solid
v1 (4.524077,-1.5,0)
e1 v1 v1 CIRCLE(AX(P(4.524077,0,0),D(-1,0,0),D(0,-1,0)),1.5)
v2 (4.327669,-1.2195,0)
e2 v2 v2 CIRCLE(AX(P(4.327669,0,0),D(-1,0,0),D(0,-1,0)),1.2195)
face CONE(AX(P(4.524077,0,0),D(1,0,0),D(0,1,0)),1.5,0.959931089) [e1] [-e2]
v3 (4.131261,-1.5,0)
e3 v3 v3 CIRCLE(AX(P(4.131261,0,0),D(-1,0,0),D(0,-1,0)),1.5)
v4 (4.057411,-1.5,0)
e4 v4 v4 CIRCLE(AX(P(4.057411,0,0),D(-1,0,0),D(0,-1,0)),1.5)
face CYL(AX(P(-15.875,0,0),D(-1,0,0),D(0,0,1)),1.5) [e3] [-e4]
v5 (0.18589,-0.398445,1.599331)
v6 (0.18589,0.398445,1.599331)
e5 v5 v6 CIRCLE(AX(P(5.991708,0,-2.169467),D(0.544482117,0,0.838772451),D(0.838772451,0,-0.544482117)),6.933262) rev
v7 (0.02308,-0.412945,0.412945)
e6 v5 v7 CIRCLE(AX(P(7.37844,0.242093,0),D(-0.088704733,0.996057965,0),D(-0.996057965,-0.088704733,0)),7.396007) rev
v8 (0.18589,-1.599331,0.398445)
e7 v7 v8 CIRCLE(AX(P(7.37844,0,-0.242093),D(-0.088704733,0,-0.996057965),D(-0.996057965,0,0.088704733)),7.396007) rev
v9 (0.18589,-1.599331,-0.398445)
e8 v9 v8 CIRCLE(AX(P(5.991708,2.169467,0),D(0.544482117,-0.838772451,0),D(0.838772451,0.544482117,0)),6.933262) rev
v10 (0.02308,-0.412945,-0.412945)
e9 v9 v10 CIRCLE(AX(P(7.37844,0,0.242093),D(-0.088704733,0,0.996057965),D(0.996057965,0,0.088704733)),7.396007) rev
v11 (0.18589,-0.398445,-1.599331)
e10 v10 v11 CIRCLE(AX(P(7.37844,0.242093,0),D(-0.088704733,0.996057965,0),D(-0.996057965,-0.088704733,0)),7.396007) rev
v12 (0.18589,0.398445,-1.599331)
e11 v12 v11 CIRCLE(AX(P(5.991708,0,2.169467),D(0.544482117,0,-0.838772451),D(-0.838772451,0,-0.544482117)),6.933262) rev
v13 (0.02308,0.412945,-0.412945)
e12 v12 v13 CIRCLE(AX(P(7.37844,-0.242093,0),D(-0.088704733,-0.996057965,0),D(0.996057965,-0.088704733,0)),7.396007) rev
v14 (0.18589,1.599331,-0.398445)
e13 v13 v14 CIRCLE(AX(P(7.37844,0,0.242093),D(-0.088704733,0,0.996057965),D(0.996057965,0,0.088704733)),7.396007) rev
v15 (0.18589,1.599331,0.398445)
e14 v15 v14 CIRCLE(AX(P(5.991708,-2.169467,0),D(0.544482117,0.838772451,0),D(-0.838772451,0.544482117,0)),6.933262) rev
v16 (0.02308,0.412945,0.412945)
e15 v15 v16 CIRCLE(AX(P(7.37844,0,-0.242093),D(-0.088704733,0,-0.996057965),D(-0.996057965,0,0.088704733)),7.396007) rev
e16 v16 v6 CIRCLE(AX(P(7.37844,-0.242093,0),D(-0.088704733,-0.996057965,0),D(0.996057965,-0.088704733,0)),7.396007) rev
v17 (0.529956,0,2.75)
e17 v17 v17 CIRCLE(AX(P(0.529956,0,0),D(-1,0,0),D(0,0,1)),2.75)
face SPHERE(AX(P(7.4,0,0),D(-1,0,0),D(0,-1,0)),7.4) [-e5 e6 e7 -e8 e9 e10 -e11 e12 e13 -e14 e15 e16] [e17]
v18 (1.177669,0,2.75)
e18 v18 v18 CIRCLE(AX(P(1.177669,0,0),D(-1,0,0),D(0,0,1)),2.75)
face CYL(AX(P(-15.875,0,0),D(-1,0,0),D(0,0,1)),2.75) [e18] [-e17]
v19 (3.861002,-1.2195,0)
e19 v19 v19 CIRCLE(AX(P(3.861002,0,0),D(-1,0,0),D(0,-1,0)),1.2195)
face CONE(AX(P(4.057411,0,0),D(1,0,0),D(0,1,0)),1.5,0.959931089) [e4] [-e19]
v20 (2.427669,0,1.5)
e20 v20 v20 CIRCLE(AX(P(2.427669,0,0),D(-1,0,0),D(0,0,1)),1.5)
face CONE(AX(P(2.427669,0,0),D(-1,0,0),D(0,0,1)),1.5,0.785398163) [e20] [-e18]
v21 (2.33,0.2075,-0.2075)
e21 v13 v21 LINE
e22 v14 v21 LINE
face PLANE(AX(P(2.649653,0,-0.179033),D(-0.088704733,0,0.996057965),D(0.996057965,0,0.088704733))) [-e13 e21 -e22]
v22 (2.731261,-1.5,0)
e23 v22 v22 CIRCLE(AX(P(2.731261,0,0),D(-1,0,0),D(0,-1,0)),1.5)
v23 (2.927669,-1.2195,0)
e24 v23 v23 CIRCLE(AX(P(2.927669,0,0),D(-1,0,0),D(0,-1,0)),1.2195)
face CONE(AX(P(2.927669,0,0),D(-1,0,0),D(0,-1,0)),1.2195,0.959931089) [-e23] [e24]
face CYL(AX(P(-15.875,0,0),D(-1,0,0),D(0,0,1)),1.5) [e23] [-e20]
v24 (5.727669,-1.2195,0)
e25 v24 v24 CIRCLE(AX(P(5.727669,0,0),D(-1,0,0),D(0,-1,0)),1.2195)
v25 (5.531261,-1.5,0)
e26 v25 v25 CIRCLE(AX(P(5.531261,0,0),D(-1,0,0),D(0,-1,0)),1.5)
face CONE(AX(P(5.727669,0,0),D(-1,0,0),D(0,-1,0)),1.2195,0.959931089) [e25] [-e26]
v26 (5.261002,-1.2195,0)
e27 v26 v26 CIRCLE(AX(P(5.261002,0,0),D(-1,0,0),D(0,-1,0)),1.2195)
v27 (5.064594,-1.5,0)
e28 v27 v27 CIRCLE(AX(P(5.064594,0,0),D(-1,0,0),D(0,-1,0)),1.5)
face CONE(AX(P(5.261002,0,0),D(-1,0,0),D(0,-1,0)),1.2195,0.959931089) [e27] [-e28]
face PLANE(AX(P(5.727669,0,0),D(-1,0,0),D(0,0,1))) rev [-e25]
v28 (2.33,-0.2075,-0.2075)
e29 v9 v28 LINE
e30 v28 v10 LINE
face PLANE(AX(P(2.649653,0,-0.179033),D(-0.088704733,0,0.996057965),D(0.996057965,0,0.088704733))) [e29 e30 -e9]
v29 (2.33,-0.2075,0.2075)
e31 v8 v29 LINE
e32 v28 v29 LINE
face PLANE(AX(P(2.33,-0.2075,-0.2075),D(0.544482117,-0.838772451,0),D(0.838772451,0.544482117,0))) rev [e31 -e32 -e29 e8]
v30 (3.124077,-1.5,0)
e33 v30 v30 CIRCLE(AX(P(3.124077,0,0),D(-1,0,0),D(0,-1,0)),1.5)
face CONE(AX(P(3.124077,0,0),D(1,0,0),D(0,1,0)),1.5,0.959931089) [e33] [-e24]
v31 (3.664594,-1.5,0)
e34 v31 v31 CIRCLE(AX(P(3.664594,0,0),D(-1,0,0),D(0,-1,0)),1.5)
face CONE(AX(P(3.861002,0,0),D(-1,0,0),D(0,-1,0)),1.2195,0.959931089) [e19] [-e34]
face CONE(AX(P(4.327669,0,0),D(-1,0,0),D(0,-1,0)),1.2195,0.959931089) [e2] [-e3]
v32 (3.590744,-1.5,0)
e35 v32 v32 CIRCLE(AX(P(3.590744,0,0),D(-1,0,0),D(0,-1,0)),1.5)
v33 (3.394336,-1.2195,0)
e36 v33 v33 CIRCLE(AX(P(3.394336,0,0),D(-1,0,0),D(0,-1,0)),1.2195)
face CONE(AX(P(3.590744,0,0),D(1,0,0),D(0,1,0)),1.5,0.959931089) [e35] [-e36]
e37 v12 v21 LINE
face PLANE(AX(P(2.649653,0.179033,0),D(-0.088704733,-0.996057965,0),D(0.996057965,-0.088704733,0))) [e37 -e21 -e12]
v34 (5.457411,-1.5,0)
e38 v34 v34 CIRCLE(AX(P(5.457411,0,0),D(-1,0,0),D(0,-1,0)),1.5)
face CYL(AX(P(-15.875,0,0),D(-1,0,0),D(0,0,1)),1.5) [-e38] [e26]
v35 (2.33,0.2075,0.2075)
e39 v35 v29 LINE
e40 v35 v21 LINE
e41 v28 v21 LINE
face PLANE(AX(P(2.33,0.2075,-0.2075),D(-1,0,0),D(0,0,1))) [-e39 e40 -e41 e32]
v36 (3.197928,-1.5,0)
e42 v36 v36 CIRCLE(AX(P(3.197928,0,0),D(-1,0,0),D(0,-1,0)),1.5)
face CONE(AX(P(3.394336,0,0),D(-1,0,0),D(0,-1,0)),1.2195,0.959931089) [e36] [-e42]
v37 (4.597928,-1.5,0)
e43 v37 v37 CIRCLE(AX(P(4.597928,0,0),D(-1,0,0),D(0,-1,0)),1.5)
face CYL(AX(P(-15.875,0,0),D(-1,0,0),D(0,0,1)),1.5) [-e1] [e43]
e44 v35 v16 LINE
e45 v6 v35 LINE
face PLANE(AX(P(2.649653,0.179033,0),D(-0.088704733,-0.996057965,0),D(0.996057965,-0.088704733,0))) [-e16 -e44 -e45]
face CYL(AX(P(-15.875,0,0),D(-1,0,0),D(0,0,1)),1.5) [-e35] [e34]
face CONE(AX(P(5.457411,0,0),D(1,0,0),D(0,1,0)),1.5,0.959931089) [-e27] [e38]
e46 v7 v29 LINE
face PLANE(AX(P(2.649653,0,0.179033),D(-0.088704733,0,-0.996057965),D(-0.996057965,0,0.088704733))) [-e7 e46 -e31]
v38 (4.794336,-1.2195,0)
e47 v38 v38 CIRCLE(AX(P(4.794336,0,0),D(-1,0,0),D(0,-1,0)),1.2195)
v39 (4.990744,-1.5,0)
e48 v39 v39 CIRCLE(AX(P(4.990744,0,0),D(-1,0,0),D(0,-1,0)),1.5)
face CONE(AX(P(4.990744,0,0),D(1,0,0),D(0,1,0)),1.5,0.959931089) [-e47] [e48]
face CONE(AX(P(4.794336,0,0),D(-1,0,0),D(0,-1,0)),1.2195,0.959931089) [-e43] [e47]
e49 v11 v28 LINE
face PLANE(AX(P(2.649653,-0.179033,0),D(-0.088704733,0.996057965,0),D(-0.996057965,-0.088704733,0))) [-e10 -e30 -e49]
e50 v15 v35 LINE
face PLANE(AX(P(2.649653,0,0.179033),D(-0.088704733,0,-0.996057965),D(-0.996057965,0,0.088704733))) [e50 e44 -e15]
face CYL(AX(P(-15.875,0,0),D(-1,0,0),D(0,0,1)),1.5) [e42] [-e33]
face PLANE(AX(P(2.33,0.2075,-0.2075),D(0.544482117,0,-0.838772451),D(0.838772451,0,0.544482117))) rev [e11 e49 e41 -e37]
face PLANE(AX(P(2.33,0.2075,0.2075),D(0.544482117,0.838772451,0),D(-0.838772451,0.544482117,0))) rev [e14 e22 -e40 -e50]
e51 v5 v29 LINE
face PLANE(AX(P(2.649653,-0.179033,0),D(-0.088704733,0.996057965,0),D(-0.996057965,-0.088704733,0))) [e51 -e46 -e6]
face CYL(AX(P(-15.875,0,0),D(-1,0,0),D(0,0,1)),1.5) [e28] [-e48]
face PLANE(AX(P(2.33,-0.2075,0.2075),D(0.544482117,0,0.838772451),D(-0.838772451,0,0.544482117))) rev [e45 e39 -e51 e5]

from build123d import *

# Parameters (mm, degrees)
CIRPATTERN1_COUNT = 2
CIRPATTERN1_ANGLE = 90
THDSCHPAT_COUNT   = 7
THDSCHPAT_PITCH   = 0.466666667


with BuildPart() as part:
    # BodySke → Base-Revolve (revolve)
    with BuildSketch(Plane.XY, mode=Mode.PRIVATE) as base_revolve_sk:
        with BuildLine():
            Line((0, 0), (5.727669073, 0))
            Line((5.727669073, 0), (5.727669073, 1.5))
            Line((5.727669073, 1.5), (2.427669073, 1.5))
            Line((2.427669073, 1.5), (1.177669073, 2.75))
            Line((1.177669073, 2.75), (0.529956332, 2.75))
            ThreePointArc((0.529956332, 2.75), (0.133696843, 1.400299407), (0, 0))
        make_face()
    revolve(base_revolve_sk.sketch.rotate(Axis((-15.875, 0, 0), (1, 0, 0)), 90), axis=Axis((-15.875, 0, 0), (1, 0, 0)))

    # Sketch3 → Cross section 0
    with BuildSketch(Plane(origin=(0, 0, 0), x_dir=(0, 0, -1), z_dir=(1, 0, 0))):
        with BuildLine():
            Line((0.415, -1.72), (-0.415, -1.72))
            Line((-0.415, -1.72), (-0.415, 1.72))
            Line((-0.415, 1.72), (0.415, 1.72))
            Line((0.415, 1.72), (0.415, -1.72))
        make_face()
    # Sketch4 → Cross section 1
    with BuildSketch(Plane(origin=(2.33, 0, 0), x_dir=(0, 0, -1), z_dir=(1, 0, 0))):
        with BuildLine():
            Line((0.2075, -0.2075), (-0.2075, -0.2075))
            Line((-0.2075, -0.2075), (-0.2075, 0.2075))
            Line((-0.2075, 0.2075), (0.2075, 0.2075))
            Line((0.2075, 0.2075), (0.2075, -0.2075))
        make_face()
    cross = loft(mode=Mode.SUBTRACT)

    # CirPattern1: Cross ×2 about axis
    cirpattern1_axis = Axis((0, 0, 0), (1, 0, 0))
    for i in range(1, CIRPATTERN1_COUNT):
        add(cross.rotate(cirpattern1_axis, i * CIRPATTERN1_ANGLE / (CIRPATTERN1_COUNT - 1)), mode=Mode.SUBTRACT)

    # ThdSchSke → ThreadSchematic (revolve, cut)
    with BuildSketch(Plane.XY):
        Polygon((2.927669073, -1.2195), (2.731260858, -1.5), (2.731260858, -1.875), (3.124077287, -1.875), (3.124077287, -1.5), align=None)
    threadschematic = revolve(axis=Axis((-3.175, 0, 0), (1, 0, 0)), mode=Mode.SUBTRACT)

    # ThdSchPat: ThreadSchematic ×7
    with Locations(*[(i * THDSCHPAT_PITCH, 0, 0) for i in range(1, THDSCHPAT_COUNT)]):
        add(threadschematic, mode=Mode.SUBTRACT)


solid = part.part
